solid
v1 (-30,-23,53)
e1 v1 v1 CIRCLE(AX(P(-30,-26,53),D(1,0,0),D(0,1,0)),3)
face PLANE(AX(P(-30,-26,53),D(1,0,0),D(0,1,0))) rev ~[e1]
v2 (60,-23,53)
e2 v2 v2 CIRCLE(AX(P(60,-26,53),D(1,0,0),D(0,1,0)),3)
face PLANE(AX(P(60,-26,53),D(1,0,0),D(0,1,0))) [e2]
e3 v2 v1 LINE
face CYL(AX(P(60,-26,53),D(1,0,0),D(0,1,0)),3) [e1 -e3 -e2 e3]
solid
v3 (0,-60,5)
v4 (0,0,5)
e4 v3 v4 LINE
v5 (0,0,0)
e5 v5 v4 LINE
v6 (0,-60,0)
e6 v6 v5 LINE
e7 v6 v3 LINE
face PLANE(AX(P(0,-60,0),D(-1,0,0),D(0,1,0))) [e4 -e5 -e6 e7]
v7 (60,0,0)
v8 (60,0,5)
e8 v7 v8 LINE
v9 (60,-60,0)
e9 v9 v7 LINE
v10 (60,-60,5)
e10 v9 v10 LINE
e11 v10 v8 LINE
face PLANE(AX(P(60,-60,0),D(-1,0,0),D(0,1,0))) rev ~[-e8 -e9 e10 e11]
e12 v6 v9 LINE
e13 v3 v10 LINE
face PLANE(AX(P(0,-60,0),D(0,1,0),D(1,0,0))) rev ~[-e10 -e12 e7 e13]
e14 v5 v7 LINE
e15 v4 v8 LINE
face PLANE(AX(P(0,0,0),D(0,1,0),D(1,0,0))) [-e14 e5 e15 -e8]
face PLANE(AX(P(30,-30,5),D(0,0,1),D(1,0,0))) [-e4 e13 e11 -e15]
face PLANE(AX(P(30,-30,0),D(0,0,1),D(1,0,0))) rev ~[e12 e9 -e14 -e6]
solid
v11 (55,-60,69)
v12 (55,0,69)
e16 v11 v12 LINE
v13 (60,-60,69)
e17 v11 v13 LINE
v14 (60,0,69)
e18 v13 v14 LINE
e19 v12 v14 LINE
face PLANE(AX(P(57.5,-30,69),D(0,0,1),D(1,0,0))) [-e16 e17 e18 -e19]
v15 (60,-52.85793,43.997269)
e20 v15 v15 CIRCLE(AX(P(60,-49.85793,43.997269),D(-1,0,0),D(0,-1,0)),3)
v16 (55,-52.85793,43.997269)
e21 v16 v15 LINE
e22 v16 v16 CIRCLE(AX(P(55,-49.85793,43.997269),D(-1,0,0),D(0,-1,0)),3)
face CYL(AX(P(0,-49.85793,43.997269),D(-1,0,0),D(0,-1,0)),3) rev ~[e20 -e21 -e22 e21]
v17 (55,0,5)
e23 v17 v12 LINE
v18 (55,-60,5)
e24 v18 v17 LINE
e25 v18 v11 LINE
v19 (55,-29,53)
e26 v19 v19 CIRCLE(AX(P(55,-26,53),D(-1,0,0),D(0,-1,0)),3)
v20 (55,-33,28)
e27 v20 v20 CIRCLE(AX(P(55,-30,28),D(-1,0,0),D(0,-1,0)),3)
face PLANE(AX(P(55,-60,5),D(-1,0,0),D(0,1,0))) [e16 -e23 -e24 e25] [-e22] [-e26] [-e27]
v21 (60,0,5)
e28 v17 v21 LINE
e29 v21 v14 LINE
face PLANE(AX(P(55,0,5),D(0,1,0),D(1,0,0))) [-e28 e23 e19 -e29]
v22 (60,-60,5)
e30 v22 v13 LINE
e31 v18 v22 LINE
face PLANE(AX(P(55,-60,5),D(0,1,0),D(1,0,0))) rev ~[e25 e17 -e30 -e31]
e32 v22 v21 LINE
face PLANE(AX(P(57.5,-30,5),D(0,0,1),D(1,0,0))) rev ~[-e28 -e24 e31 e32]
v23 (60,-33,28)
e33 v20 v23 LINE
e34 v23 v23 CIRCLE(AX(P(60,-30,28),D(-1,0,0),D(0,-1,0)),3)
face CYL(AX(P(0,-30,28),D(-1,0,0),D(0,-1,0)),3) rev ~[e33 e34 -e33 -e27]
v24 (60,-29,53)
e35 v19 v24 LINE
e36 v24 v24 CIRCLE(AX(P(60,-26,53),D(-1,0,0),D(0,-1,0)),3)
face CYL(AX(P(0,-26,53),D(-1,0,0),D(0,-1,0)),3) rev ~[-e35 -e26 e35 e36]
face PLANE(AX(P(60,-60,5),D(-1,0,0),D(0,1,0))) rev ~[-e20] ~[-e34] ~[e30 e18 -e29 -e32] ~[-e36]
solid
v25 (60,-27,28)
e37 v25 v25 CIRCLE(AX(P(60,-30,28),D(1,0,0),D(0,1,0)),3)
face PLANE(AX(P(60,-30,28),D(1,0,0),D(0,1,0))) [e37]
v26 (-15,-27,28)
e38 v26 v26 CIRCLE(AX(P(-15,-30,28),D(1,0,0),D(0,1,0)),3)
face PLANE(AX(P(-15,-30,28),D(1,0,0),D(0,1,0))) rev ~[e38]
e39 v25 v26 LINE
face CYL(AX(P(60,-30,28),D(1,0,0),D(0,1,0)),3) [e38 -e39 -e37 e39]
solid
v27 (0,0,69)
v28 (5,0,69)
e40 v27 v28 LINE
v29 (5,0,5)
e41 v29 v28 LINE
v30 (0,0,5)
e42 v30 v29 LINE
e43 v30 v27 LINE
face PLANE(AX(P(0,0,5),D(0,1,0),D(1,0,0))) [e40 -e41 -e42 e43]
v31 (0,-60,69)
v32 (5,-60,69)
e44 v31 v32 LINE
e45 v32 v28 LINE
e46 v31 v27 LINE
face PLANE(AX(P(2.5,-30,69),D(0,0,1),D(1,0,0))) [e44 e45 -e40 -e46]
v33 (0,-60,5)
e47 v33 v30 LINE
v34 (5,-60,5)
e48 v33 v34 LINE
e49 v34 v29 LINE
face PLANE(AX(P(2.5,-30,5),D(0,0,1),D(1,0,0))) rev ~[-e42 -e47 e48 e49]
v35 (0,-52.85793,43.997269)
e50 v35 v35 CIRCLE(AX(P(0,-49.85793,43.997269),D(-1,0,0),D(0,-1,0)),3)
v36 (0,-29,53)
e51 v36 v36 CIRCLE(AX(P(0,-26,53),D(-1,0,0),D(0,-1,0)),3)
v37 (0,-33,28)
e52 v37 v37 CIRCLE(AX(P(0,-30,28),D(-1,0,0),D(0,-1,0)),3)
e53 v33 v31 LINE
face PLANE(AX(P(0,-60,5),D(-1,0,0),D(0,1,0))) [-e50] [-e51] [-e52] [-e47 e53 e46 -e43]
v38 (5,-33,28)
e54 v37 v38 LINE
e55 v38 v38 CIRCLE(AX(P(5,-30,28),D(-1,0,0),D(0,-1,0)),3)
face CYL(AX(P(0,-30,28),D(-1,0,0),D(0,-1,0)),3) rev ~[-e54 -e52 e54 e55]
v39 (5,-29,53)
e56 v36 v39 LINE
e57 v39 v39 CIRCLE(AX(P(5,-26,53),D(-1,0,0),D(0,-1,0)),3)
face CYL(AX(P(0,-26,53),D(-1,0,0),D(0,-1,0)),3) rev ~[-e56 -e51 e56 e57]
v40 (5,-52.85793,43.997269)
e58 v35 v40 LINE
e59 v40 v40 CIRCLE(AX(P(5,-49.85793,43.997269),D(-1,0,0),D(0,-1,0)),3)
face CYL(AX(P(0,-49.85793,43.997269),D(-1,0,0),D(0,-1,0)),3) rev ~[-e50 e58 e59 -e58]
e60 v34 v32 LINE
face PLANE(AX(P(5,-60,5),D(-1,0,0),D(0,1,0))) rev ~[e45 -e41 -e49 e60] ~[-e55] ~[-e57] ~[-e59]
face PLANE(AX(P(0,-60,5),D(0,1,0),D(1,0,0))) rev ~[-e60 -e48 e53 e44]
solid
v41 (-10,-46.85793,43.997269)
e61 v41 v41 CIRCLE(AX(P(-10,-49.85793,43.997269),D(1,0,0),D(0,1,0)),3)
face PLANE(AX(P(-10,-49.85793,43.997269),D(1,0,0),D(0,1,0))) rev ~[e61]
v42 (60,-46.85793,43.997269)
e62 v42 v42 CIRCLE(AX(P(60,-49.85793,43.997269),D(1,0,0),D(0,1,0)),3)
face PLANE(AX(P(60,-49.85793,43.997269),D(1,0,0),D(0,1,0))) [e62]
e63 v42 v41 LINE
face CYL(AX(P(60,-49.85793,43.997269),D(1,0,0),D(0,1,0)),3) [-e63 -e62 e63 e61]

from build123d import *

# Parameters (mm, degrees)
F0_W      = 60
F0_H      = 60
F1_DEPTH  = 5
F2_W      = 5
F2_H      = 60
F3_DEPTH  = 64
F7_R      = 3
F8_DEPTH  = 60
F9_R      = 3
F10_DEPTH = 70
F11_R     = 3
F12_DEPTH = 90
F13_R     = 3
F14_DEPTH = 75


with BuildPart() as f1:
    # F0 (on Top) → F1 (new body)
    with BuildSketch(Plane.XY):
        with Locations((30, -30)):
            Rectangle(F0_W, F0_H)
    extrude(amount=F1_DEPTH)


with BuildPart() as f3:
    # F2 (on face) → F3 (new body)
    with BuildSketch(Plane.XY.offset(5)):
        with Locations((57.5, -30)):
            Rectangle(F2_W, F2_H)
    extrude(amount=F3_DEPTH)


with BuildPart() as f4_1:
    # F4: copy of F3
    add(f3.part.moved(Location((-40000, 0, 0))))


with BuildPart() as f6_1:
    # F6: copy of F3
    add(f3.part.moved(Location((-55, 0, 0))))


with BuildPart() as f8_tool:
    # F7 (on face) → F8 (new body, through all)
    with BuildSketch(Plane(origin=(0, 0, 0), x_dir=(0, -1, 0), z_dir=(-1, 0, 0))):
        with Locations((30, 28)):
            Circle(F7_R)
        with Locations((49.85793, 43.997269)):
            Circle(F7_R)
        with Locations((26, 53)):
            Circle(F7_R)
    extrude(amount=-F8_DEPTH)


with BuildPart() as f3_1:
    add(f3.part)

    # F8: cut by f8_tool
    add(f8_tool.part, mode=Mode.SUBTRACT)


with BuildPart() as f6_1_1:
    add(f6_1.part)

    # F8: cut by f8_tool
    add(f8_tool.part, mode=Mode.SUBTRACT)


with BuildPart() as f10:
    # F9 (on face) → F10 (new body)
    with BuildSketch(Plane.YZ.offset(60)):
        with Locations((-49.85793, 43.997269)):
            Circle(F9_R)
    extrude(amount=-F10_DEPTH)


with BuildPart() as f12:
    # F11 (on face) → F12 (new body)
    with BuildSketch(Plane.YZ.offset(60)):
        with Locations((-26, 53)):
            Circle(F11_R)
    extrude(amount=-F12_DEPTH)


with BuildPart() as f14:
    # F13 (on face) → F14 (new body)
    with BuildSketch(Plane.YZ.offset(60)):
        with Locations((-30, 28)):
            Circle(F13_R)
    extrude(amount=-F14_DEPTH)


solid = Compound([f1.part, f3_1.part, f6_1_1.part, f10.part, f12.part, f14.part])
